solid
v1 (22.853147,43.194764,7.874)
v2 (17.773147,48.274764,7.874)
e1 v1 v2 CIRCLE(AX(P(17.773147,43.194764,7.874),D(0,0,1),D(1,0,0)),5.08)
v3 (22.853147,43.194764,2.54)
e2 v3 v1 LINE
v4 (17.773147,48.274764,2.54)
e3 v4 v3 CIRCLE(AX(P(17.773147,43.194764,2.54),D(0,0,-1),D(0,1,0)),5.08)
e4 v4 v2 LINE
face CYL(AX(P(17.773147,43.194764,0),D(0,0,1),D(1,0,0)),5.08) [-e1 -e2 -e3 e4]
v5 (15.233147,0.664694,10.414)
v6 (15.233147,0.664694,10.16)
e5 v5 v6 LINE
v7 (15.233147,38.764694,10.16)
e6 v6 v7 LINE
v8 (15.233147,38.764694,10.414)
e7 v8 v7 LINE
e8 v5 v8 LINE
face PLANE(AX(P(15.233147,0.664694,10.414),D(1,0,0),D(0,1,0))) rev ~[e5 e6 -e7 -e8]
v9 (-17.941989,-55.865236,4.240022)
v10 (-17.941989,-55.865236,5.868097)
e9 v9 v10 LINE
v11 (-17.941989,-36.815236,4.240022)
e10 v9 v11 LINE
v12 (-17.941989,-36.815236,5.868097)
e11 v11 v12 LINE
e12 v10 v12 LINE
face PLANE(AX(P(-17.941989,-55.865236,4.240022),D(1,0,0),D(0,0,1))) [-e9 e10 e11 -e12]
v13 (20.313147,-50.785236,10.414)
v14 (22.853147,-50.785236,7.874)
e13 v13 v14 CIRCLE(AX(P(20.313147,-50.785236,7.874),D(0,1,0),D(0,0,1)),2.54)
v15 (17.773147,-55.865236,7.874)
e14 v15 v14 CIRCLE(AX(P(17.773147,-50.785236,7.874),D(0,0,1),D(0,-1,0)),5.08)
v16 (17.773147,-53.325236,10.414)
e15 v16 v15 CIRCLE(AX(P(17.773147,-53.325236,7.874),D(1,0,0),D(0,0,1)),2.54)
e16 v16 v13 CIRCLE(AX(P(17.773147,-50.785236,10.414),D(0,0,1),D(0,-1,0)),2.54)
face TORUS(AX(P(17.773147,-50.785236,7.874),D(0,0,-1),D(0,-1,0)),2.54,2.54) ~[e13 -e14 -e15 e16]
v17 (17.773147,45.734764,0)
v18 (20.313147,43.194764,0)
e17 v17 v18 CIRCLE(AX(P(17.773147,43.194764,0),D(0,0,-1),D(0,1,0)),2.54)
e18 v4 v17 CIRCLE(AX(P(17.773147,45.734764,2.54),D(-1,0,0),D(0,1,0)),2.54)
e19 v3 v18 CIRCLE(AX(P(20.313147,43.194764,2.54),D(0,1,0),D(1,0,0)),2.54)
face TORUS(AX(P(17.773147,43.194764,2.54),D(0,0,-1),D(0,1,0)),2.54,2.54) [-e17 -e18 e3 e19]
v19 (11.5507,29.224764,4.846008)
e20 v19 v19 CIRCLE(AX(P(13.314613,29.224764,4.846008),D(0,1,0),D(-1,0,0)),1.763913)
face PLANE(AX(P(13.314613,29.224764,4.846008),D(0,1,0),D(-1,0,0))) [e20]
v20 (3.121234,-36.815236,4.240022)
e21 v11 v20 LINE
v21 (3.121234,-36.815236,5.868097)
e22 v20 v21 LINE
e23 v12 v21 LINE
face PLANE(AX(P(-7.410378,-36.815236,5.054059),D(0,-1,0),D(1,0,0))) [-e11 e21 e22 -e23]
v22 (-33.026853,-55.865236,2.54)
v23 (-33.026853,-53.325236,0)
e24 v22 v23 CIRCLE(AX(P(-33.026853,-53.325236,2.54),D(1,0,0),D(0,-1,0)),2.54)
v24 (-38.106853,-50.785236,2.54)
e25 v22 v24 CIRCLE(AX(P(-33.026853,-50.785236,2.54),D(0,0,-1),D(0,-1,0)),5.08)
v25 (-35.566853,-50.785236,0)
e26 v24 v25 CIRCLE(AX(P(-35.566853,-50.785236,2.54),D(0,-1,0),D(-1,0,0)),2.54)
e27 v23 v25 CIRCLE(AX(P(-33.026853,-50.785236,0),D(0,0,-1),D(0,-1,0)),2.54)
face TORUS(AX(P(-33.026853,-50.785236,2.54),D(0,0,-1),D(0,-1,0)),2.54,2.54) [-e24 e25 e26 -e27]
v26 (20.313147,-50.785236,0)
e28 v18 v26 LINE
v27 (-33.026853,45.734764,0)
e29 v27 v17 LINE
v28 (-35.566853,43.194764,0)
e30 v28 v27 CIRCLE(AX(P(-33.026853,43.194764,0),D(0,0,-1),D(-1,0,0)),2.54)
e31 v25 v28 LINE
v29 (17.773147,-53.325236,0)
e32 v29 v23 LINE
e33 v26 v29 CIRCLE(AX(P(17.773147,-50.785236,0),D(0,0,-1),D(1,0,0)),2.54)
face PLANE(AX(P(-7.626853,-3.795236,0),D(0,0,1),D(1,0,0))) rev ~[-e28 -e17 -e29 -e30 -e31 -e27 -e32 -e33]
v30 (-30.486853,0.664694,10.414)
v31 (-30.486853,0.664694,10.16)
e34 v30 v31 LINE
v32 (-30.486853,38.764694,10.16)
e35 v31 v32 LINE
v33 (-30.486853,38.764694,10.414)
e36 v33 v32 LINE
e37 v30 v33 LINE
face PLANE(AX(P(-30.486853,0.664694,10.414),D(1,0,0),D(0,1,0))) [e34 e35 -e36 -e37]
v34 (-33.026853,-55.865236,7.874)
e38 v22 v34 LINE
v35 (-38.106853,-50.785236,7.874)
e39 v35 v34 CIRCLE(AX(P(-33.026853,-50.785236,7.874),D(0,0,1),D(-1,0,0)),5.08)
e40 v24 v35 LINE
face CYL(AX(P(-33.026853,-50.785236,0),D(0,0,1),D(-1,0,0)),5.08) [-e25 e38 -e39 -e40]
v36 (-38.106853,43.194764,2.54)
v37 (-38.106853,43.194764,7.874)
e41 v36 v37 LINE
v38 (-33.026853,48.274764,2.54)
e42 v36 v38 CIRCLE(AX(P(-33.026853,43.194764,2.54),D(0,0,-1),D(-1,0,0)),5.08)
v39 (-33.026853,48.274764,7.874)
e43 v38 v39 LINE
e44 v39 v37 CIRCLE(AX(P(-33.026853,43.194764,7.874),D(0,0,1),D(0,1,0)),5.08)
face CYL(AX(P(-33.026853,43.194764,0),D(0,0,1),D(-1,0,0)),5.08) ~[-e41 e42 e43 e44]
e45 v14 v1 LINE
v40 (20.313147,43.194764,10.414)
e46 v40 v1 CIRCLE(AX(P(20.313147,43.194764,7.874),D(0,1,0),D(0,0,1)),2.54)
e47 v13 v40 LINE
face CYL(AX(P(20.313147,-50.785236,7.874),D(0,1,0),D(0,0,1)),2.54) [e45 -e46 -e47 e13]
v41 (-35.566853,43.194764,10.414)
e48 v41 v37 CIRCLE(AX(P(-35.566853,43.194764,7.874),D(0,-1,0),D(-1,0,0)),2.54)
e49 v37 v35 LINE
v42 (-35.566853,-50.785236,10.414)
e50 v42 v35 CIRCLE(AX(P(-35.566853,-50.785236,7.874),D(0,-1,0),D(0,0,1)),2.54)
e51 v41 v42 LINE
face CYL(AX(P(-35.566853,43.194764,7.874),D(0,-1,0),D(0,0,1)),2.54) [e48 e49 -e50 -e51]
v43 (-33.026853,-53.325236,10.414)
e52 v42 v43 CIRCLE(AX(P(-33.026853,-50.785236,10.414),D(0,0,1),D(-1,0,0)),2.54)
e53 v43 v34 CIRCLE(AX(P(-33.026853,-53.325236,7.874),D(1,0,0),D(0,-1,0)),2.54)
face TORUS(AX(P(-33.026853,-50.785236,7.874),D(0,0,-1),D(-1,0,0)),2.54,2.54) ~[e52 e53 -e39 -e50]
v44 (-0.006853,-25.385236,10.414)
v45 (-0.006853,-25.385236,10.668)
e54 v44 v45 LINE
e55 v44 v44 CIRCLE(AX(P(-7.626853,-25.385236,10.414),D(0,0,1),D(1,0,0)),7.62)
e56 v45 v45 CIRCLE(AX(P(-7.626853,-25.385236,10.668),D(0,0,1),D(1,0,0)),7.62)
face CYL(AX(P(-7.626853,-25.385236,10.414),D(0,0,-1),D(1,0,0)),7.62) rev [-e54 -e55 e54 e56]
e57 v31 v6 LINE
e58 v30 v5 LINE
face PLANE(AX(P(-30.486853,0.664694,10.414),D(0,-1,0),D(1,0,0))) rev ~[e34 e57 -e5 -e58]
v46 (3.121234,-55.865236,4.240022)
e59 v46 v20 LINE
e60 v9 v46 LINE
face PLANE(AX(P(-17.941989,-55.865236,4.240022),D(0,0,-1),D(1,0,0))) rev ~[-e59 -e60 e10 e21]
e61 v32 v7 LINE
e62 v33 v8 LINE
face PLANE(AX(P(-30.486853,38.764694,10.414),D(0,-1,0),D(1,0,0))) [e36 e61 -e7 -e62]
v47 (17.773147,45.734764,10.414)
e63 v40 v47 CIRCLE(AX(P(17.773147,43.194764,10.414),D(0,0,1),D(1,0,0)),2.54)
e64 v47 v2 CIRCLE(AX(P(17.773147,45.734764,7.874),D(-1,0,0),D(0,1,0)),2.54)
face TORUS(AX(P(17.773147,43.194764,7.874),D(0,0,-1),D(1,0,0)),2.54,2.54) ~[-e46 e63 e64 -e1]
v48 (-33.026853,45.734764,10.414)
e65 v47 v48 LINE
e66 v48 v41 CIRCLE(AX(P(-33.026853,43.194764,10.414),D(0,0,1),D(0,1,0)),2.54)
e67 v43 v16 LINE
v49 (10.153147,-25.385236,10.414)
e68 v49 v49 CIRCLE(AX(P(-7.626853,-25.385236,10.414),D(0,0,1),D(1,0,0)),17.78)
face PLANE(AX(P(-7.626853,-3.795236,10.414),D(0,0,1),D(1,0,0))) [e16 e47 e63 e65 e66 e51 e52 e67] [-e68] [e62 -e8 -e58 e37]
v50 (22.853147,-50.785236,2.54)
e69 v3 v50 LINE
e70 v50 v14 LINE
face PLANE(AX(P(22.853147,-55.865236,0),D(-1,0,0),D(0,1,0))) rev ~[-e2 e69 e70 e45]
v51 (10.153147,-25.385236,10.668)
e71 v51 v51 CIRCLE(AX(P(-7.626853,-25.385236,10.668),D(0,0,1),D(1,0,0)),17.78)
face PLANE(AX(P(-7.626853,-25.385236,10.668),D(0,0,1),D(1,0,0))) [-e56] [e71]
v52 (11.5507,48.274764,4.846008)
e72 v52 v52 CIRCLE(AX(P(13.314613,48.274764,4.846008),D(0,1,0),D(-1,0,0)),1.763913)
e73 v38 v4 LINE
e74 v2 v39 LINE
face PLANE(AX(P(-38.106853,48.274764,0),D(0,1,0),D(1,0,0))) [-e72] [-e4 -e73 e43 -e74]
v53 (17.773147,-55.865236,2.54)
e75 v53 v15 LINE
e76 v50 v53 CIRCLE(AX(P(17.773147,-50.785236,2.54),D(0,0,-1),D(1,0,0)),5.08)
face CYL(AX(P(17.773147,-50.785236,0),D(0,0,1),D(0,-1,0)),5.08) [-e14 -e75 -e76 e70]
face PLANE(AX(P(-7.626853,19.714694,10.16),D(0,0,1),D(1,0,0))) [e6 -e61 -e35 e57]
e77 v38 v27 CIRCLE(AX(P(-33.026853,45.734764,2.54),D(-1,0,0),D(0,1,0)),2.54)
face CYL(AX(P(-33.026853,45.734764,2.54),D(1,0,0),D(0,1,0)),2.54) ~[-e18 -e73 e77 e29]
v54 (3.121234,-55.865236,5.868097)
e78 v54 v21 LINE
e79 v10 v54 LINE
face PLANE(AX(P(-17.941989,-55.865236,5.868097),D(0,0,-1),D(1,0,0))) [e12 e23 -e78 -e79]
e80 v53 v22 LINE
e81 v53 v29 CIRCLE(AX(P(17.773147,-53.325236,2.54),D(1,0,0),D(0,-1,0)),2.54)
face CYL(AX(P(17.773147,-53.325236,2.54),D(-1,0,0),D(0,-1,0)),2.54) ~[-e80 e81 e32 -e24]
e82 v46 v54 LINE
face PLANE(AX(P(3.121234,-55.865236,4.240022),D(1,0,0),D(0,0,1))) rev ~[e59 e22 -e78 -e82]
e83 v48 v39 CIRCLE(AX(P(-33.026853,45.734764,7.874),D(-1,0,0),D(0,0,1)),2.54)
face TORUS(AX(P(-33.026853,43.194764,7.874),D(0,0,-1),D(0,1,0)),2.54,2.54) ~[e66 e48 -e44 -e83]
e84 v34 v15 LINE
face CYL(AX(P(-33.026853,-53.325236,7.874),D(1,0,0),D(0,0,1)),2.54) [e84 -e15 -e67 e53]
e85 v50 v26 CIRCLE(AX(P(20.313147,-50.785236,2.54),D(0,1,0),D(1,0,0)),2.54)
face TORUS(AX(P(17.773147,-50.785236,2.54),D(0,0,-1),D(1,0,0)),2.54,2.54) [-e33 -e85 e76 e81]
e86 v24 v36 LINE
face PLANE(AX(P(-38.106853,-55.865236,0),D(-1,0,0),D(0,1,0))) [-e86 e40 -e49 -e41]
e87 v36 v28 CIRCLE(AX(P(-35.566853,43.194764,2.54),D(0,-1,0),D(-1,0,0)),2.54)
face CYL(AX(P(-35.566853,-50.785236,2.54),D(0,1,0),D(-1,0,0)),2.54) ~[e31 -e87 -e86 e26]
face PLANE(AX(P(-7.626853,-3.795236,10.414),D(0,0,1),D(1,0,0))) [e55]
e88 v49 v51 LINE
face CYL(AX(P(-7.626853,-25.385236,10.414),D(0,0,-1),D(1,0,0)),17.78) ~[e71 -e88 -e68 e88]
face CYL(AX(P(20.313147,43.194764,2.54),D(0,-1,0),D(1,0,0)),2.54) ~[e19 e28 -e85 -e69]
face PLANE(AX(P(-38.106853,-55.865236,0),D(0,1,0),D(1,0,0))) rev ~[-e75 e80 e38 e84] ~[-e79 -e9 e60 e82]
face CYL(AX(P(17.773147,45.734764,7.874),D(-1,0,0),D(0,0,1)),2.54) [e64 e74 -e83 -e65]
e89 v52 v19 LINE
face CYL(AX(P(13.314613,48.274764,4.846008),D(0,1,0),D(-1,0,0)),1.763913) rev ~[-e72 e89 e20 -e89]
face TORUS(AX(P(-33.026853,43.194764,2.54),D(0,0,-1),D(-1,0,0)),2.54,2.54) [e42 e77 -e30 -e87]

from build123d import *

# Parameters (mm, degrees)
F0_W      = 60.96
F0_H      = 104.14
F1_DEPTH  = 10.414
F2_R      = 5.08
F3_R      = 17.78
F3_R_2    = 7.62
F4_DEPTH  = 0.254
F5_R      = 2.54
F6_W      = 45.72
F6_H      = 38.1
F7_DEPTH  = 0.254
F8_R      = 1.763913
F9_DEPTH  = 19.05
F10_W     = 21.063223
F10_H     = 1.628075
F11_DEPTH = 19.05


with BuildPart() as f1:
    # F0 (on Top) → F1 (new body)
    with BuildSketch(Plane.XY):
        with Locations((-7.626853, -3.795236)):
            Rectangle(F0_W, F0_H)
    extrude(amount=F1_DEPTH)

    # F2
    f2_edges = [f1.edges().sort_by_distance(p)[0] for p in [
        (22.853147, 48.274764, 5.207),
        (-38.106853, 48.274764, 5.207),
        (22.853147, -55.865236, 5.207),
        (-38.106853, -55.865236, 5.207),
    ]]
    fillet(f2_edges, radius=F2_R)

    # F3 (on face) → F4 (join)
    with BuildSketch(Plane.XY.offset(10.414)):
        with Locations((-7.626853, -25.385236)):
            Circle(F3_R)
        with Locations((-7.626853, -25.385236)):
            Circle(F3_R_2, mode=Mode.SUBTRACT)
    extrude(amount=F4_DEPTH)

    # F5
    f5_edges = [f1.edges().sort_by_distance(p)[0] for p in [
        (22.853147, -3.795236, 10.414),
        (-38.106853, -3.795236, 0),
    ]]
    fillet(f5_edges, radius=F5_R)

    # F6 (on face) → F7 (cut)
    with BuildSketch(Plane.XY.offset(10.414)):
        with Locations((-7.626853, 19.714694)):
            Rectangle(F6_W, F6_H)
    extrude(amount=-F7_DEPTH, mode=Mode.SUBTRACT)

    # F8 (on face) → F9 (cut)
    with BuildSketch(Plane(origin=(0, 48.274764, 0), x_dir=(-1, 0, 0), z_dir=(0, 1, 0))):
        with Locations((-13.314613, 4.846008)):
            Circle(F8_R)
    extrude(amount=-F9_DEPTH, mode=Mode.SUBTRACT)

    # F10 (on face) → F11 (cut)
    with BuildSketch(Plane.XZ.offset(55.865236)):
        with Locations((-7.410378, 5.054059)):
            Rectangle(F10_W, F10_H)
    extrude(amount=-F11_DEPTH, mode=Mode.SUBTRACT)


solid = f1.part
